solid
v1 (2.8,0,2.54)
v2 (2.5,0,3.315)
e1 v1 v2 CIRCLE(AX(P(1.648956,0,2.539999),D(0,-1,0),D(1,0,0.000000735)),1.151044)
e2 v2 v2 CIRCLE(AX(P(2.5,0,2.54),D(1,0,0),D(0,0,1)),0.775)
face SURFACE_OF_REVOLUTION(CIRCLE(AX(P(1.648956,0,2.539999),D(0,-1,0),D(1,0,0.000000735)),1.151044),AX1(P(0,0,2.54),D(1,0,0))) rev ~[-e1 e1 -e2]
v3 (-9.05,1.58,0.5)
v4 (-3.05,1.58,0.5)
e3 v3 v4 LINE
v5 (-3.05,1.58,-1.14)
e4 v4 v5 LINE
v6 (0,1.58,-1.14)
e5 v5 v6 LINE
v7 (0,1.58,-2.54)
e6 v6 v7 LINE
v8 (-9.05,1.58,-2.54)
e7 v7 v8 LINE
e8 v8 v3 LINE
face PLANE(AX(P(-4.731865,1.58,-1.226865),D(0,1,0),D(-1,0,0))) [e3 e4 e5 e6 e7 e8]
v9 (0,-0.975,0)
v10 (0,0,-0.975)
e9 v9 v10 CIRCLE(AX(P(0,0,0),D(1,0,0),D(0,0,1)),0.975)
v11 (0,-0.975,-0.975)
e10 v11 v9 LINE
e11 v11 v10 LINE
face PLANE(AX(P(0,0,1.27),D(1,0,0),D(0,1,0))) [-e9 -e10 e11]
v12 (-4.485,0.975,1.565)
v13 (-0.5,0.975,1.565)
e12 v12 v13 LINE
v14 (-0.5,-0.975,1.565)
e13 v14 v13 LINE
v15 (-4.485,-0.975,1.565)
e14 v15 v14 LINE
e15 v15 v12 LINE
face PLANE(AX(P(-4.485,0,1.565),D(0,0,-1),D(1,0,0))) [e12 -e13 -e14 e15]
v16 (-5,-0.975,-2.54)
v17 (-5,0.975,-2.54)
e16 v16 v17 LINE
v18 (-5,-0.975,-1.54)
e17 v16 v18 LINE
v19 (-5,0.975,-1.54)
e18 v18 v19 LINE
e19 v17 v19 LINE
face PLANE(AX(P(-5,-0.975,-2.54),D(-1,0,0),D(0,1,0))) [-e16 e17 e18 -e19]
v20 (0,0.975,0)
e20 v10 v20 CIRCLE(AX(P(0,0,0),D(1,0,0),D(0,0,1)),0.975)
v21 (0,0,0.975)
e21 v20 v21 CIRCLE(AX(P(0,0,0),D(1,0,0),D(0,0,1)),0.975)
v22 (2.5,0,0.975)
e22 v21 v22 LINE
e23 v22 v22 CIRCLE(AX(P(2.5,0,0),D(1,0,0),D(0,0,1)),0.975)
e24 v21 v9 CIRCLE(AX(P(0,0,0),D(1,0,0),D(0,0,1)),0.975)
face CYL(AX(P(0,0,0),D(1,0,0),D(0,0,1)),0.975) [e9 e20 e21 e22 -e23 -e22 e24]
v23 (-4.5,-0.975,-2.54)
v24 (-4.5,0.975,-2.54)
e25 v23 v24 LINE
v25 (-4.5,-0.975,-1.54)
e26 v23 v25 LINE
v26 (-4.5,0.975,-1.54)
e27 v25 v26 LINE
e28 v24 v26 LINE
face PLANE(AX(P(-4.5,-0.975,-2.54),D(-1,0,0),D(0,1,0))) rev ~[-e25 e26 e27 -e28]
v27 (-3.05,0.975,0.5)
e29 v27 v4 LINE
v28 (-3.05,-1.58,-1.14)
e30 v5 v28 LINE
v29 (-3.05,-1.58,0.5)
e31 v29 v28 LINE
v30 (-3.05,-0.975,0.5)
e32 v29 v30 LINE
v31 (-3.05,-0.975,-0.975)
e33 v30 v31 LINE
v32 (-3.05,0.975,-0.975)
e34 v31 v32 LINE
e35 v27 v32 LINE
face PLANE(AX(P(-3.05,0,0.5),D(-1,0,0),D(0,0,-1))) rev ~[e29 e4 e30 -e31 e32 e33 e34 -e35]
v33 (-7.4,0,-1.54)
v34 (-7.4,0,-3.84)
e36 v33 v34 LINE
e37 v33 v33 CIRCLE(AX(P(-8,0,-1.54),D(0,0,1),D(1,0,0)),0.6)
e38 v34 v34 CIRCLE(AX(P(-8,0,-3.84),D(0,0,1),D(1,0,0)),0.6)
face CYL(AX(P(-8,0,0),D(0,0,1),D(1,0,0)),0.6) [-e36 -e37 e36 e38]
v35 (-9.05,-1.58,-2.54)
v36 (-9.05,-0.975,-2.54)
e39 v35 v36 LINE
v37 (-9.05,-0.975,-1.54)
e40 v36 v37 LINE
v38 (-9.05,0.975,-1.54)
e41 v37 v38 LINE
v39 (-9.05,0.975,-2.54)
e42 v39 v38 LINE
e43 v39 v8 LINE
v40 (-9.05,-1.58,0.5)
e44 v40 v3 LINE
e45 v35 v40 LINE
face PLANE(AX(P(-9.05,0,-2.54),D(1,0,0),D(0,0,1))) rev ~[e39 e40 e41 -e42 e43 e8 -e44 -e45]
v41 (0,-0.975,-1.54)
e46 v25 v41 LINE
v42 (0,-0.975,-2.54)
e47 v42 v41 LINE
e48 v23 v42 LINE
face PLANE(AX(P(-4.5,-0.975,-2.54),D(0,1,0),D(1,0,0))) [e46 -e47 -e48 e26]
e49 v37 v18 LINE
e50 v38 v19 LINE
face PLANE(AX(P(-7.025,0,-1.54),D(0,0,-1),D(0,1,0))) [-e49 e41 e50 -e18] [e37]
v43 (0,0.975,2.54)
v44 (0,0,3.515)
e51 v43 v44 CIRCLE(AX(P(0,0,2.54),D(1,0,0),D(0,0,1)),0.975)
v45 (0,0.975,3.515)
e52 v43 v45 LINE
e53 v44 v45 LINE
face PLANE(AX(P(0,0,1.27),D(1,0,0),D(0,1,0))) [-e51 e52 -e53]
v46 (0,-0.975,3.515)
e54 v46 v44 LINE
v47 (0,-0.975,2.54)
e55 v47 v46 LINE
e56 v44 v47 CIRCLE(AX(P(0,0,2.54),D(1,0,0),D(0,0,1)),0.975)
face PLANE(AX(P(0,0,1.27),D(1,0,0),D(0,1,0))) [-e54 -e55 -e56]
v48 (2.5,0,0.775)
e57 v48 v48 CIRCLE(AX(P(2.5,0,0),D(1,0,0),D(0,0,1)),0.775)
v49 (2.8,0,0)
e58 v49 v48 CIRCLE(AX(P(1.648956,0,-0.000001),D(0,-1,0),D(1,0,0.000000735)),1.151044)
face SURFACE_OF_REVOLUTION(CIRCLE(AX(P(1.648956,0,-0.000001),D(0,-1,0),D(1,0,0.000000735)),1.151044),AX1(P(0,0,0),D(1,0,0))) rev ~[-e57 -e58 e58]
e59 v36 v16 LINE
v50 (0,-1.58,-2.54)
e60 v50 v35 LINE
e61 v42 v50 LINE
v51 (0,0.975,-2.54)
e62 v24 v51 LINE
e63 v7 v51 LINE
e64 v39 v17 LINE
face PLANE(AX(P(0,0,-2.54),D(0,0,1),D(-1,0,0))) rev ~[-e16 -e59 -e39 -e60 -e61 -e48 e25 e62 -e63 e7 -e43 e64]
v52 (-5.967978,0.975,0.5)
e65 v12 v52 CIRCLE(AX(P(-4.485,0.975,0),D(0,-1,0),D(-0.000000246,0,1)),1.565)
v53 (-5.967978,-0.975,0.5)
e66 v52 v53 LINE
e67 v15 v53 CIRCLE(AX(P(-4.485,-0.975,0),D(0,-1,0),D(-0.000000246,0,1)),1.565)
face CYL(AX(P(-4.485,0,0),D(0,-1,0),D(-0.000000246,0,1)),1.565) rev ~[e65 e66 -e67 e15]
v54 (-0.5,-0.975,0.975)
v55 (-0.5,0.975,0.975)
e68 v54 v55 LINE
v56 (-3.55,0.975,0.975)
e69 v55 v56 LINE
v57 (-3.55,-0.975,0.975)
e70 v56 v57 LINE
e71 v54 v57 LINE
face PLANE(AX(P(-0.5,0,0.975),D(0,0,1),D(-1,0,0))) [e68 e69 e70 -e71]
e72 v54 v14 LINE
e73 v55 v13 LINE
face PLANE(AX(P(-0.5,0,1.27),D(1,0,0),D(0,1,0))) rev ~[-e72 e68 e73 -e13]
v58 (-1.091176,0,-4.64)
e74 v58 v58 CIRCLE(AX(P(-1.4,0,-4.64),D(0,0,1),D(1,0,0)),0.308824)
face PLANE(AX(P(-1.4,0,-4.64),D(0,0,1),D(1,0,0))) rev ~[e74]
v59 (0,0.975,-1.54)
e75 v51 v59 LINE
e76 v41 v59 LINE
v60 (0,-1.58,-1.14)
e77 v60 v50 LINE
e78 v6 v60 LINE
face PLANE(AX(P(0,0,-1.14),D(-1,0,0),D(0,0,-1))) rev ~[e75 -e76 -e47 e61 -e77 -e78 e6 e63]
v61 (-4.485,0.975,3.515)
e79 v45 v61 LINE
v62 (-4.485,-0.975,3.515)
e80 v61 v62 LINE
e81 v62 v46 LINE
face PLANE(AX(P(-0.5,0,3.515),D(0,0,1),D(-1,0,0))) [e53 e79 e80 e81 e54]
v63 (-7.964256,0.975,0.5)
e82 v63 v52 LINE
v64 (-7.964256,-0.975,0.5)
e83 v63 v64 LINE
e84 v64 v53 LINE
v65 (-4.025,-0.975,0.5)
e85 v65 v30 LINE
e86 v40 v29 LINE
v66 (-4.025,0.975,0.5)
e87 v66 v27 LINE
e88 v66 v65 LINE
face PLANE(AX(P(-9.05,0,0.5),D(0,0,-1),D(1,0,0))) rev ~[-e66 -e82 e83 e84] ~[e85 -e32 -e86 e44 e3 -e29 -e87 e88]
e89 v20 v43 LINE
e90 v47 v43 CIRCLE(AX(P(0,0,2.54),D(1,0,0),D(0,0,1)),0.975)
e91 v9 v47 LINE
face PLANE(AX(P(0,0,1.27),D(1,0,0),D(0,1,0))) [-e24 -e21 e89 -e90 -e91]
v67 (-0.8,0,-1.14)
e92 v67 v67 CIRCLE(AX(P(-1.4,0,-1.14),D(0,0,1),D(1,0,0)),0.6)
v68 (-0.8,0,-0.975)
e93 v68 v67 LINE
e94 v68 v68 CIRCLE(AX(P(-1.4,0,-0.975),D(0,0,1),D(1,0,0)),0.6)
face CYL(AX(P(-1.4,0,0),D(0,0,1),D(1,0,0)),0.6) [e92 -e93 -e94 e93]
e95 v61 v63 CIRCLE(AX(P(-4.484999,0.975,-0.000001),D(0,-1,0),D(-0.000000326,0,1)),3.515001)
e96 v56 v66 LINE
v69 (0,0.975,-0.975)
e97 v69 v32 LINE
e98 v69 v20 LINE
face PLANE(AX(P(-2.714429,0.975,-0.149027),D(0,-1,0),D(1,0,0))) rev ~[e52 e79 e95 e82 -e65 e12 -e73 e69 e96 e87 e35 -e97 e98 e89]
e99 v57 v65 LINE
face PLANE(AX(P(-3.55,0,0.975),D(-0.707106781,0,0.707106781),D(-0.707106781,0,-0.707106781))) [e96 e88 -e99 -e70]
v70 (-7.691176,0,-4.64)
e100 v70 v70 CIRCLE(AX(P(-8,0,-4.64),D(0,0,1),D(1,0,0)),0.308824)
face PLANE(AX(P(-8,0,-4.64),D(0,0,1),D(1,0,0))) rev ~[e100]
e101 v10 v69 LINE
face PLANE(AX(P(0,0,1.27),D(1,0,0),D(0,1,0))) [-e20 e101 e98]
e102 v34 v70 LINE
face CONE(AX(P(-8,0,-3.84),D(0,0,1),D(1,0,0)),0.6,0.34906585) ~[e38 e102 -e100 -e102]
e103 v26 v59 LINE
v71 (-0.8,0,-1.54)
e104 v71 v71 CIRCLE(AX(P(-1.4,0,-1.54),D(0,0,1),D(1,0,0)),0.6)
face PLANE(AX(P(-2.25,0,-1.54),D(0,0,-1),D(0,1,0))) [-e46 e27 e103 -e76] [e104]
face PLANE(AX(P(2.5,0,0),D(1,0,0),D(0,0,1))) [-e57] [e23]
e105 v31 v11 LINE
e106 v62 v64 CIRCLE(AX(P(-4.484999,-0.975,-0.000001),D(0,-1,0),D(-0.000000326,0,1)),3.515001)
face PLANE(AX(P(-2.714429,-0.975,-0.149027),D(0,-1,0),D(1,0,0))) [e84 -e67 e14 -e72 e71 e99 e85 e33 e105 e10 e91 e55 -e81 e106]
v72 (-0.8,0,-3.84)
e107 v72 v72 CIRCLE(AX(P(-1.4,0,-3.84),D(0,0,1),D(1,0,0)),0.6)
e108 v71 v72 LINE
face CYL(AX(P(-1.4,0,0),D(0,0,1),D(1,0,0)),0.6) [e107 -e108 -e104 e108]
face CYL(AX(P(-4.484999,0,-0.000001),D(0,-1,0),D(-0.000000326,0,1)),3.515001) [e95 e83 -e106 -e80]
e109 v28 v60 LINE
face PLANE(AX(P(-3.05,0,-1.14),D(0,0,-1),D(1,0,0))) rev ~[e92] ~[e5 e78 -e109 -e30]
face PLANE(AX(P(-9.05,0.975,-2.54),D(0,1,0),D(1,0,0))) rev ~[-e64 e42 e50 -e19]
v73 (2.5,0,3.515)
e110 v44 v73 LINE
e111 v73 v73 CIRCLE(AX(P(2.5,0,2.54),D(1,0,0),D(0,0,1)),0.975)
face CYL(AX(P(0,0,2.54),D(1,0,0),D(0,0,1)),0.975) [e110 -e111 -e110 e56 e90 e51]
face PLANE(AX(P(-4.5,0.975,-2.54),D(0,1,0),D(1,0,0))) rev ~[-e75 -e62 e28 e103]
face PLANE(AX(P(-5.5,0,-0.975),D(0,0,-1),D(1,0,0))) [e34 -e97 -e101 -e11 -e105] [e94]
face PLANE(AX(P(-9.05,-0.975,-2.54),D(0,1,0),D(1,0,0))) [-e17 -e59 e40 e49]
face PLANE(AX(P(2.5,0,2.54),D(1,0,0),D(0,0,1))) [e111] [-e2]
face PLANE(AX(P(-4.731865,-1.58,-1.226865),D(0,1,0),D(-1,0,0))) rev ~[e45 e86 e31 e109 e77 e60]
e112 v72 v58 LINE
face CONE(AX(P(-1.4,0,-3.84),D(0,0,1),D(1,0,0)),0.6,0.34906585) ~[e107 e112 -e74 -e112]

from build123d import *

# Parameters (mm, degrees)
SKETCH001_W            = 1.95
SKETCH001_H            = 4.49
PAD_DEPTH              = 0.5
LINEARPATTERN_COUNT    = 2
LINEARPATTERN_PITCH    = 2.54
PAD001_DEPTH           = 0.975
PAD002_DEPTH           = 0.975
PAD003_DEPTH           = 1.58
SKETCH005_W            = 1.95
SKETCH005_H            = 4.5
SKETCH005_H_2          = 4.05
POCKET_DEPTH           = 1
SKETCH006_R            = 0.6
PAD004_DEPTH           = 4.64
LINEARPATTERN001_COUNT = 2
LINEARPATTERN001_PITCH = 6.6
CHAMFER_1_ANGLE        = 20
CHAMFER_1_SIZE         = 0.8
CHAMFER_2_ANGLE        = 20
CHAMFER_2_SIZE         = 0.8


with BuildPart() as part:
    # Sketch001 → Pad (new body)
    with BuildSketch(Plane.YZ):
        with Locations((0, 1.27)):
            Rectangle(SKETCH001_W, SKETCH001_H)
    extrude(amount=-PAD_DEPTH)

    # Sketch → Revolution (revolve)
    with BuildSketch(Plane.XZ):
        with BuildLine():
            Line((0, 0), (0, 0.975))
            Line((0, 0.975), (2.5, 0.975))
            Line((2.5, 0.975), (2.5, 0.775))
            ThreePointArc((2.8, 0), (2.722383, 0.415519), (2.5, 0.775))
            Line((2.8, 0), (0, 0))
        make_face()
    revolution = revolve(axis=Axis((0, 0, 0), (1, 0, 0)))

    # LinearPattern: Revolution ×2
    with Locations(*[(0, 0, i * LINEARPATTERN_PITCH) for i in range(1, LINEARPATTERN_COUNT)]):
        add(revolution)

    # Sketch002 → Pad001 (join, symmetric)
    with BuildSketch(Plane.XZ):
        with BuildLine():
            Line((-0.5, 3.515), (-4.485, 3.515))
            ThreePointArc((-4.485, 3.515), (-6.97048, 2.48548), (-8, 0))
            Line((-8, 0), (-6.05, 0))
            ThreePointArc((-4.485, 1.565), (-5.591622, 1.106622), (-6.05, 0))
            Line((-4.485, 1.565), (-0.5, 1.565))
            Line((-0.5, 1.565), (-0.5, 3.515))
        make_face()
    extrude(amount=PAD001_DEPTH, both=True)

    # Sketch003 → Pad002 (join, symmetric)
    with BuildSketch(Plane.XZ):
        Polygon((-0.5, 0.975), (-3.55, 0.975), (-5.5, -0.975), (-0.5, -0.975), align=None)
    extrude(amount=PAD002_DEPTH, both=True)

    # Sketch004 → Pad003 (join, symmetric)
    with BuildSketch(Plane.XZ):
        Polygon((0, -2.54), (-9.05, -2.54), (-9.05, 0.5), (-3.05, 0.5), (-3.05, -1.14), (0, -1.14), align=None)
    extrude(amount=PAD003_DEPTH, both=True)

    # Sketch005 (on Face27 of Pad003) → Pocket (cut)
    with BuildSketch(Plane.YX.offset(2.54)):
        with Locations((0, -2.25)):
            Rectangle(SKETCH005_W, SKETCH005_H)
        with Locations((0, -7.025)):
            Rectangle(SKETCH005_W, SKETCH005_H_2)
    extrude(amount=-POCKET_DEPTH, mode=Mode.SUBTRACT)

    # Sketch006 → Pad004 (join)
    with BuildSketch(Plane.XY):
        with Locations((-1.4, 0)):
            Circle(SKETCH006_R)
    pad004 = extrude(amount=-PAD004_DEPTH)

    # LinearPattern001: Pad004 ×2
    with Locations(*[(-i * LINEARPATTERN001_PITCH, 0, 0) for i in range(1, LINEARPATTERN001_COUNT)]):
        add(pad004)

    # Chamfer 1
    chamfer_1_edges = [part.edges().sort_by_distance(p)[0] for p in [
        (-2, 0, -4.64),
    ]]
    chamfer_1_side = part.faces().sort_by_distance((-2, 0, -3.09))[0]
    chamfer(chamfer_1_edges, length=CHAMFER_1_SIZE, angle=CHAMFER_1_ANGLE, reference=chamfer_1_side)

    # Chamfer 2
    chamfer_2_edges = [part.edges().sort_by_distance(p)[0] for p in [
        (-8.6, 0, -4.64),
    ]]
    chamfer_2_side = part.faces().sort_by_distance((-8.6, 0, -3.09))[0]
    chamfer(chamfer_2_edges, length=CHAMFER_2_SIZE, angle=CHAMFER_2_ANGLE, reference=chamfer_2_side)


solid = part.part
